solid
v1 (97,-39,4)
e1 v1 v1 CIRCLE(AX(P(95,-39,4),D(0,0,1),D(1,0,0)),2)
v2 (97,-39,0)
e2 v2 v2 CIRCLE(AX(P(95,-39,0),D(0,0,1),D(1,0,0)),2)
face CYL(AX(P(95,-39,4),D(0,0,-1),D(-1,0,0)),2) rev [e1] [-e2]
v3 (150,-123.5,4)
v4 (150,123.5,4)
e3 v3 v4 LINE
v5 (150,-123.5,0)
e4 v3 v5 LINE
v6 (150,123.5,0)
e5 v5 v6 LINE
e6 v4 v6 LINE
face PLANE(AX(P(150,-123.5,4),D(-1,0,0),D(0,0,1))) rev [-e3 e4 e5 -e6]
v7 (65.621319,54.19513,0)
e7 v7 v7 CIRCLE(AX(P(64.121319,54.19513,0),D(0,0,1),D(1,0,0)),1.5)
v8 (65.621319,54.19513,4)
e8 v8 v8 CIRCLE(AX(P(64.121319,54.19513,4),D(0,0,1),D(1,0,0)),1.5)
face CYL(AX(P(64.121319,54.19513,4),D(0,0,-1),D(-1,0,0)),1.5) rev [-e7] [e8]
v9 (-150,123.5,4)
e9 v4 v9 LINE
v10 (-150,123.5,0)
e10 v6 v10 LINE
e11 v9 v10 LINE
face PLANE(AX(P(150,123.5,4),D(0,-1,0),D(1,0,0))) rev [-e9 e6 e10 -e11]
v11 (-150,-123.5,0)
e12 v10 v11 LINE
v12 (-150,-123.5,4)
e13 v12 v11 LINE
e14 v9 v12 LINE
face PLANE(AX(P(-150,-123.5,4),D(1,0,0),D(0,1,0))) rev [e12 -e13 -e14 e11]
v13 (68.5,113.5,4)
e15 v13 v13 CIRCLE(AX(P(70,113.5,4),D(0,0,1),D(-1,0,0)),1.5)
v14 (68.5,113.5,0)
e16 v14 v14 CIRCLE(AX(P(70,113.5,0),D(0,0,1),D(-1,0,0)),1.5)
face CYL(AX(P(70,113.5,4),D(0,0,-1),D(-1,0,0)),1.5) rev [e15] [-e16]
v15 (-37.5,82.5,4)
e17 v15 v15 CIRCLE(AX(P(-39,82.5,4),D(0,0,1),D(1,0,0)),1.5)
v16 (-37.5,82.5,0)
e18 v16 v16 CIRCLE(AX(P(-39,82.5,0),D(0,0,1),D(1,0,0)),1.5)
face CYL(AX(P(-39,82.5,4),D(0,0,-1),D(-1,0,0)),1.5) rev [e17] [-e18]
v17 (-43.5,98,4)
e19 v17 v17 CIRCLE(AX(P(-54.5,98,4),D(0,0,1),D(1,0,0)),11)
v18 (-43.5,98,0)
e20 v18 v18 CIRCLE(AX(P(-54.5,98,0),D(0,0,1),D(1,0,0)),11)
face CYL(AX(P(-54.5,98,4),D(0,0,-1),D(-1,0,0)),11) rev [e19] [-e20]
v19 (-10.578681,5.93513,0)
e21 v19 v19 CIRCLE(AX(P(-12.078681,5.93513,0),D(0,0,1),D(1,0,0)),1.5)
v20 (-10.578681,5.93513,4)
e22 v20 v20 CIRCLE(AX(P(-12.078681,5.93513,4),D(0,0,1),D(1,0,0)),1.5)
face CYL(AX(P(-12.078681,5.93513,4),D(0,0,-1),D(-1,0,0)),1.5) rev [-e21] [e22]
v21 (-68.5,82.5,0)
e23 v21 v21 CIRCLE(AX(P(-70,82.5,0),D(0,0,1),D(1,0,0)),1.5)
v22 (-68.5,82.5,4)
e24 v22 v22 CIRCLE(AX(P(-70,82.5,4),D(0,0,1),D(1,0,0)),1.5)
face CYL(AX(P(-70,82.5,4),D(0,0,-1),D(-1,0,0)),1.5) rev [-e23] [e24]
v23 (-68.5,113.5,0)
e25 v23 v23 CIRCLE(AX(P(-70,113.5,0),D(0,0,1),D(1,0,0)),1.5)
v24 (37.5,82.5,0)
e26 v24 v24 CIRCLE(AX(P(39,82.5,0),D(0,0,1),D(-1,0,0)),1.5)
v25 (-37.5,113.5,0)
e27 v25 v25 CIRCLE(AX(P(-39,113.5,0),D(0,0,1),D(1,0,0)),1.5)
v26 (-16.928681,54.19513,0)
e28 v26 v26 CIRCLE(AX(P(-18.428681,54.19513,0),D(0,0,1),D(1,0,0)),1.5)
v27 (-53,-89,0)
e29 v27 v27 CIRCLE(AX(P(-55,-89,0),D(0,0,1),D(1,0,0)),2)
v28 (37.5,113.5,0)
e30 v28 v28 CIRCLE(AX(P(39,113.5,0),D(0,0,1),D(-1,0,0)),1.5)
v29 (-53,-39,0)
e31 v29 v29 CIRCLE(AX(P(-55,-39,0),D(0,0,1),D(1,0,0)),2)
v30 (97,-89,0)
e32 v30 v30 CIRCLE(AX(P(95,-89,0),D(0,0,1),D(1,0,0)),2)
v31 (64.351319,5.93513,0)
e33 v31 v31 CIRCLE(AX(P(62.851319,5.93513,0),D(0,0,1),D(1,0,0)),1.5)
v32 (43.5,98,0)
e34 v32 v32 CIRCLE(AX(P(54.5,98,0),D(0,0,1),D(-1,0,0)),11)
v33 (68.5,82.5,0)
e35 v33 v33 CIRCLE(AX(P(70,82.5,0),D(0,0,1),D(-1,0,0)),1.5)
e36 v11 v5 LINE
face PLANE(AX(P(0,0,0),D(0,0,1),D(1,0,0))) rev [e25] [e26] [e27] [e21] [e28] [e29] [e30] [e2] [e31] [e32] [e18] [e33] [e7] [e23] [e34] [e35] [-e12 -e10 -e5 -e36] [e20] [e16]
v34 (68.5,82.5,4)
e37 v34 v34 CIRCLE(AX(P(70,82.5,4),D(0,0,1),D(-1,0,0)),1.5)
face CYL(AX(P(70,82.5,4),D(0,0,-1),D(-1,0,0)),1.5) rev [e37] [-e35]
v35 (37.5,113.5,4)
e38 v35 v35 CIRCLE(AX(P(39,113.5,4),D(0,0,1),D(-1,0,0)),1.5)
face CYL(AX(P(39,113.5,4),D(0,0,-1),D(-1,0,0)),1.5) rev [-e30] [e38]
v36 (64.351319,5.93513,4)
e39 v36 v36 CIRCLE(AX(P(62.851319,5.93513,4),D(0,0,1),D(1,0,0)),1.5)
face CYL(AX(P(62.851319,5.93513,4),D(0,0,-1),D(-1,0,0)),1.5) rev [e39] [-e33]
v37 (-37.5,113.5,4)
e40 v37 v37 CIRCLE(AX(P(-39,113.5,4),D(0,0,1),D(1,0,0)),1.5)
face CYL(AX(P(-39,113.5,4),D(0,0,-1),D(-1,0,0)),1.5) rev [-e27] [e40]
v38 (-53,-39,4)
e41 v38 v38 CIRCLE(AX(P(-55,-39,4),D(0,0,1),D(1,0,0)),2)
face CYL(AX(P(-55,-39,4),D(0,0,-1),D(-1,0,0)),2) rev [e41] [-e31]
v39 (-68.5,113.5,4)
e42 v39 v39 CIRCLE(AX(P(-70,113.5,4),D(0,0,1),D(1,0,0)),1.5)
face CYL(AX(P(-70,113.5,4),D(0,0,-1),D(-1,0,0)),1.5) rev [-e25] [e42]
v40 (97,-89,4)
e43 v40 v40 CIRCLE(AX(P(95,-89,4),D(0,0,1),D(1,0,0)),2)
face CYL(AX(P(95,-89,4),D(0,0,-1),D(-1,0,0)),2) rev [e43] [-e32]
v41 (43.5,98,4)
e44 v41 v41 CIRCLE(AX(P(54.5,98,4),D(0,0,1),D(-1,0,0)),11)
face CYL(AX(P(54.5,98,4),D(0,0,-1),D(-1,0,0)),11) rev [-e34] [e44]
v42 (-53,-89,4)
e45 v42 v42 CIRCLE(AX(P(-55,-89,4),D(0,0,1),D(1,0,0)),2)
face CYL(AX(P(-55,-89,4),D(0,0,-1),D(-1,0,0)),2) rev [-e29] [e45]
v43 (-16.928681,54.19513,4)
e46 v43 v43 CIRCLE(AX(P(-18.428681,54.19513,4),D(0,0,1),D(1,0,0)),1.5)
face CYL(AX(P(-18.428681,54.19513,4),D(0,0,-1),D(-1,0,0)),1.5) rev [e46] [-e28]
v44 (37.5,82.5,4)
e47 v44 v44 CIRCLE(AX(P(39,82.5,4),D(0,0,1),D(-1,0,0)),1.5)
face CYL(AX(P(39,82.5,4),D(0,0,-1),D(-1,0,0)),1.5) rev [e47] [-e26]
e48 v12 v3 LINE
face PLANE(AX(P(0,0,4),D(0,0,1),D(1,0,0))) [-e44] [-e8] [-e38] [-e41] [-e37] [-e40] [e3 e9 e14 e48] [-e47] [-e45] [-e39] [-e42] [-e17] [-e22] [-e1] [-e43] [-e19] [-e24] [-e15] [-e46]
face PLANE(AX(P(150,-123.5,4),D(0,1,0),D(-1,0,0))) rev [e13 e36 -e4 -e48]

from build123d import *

# Parameters (mm, degrees)
SKETCH1_W           = 300
SKETCH1_H           = 247
SKETCH1_R           = 1.5
SKETCH1_R_2         = 11
SKETCH1_R_3         = 2
BOSS_EXTRUDE1_DEPTH = 4


with BuildPart() as part:
    # Sketch1 → Boss-Extrude1 (new body)
    with BuildSketch(Plane.XY):
        Rectangle(SKETCH1_W, SKETCH1_H)
        with Locations((-70, 113.5)):
            Circle(SKETCH1_R, mode=Mode.SUBTRACT)
        with Locations((-39, 113.5)):
            Circle(SKETCH1_R, mode=Mode.SUBTRACT)
        with Locations((70, 82.5)):
            Circle(SKETCH1_R, mode=Mode.SUBTRACT)
        with Locations((-54.5, 98)):
            Circle(SKETCH1_R_2, mode=Mode.SUBTRACT)
        with Locations((-39, 82.5)):
            Circle(SKETCH1_R, mode=Mode.SUBTRACT)
        with Locations((-70, 82.5)):
            Circle(SKETCH1_R, mode=Mode.SUBTRACT)
        with Locations((39, 82.5)):
            Circle(SKETCH1_R, mode=Mode.SUBTRACT)
        with Locations((54.5, 98)):
            Circle(SKETCH1_R_2, mode=Mode.SUBTRACT)
        with Locations((39, 113.5)):
            Circle(SKETCH1_R, mode=Mode.SUBTRACT)
        with Locations((70, 113.5)):
            Circle(SKETCH1_R, mode=Mode.SUBTRACT)
        with Locations((95, -39)):
            Circle(SKETCH1_R_3, mode=Mode.SUBTRACT)
        with Locations((95, -89)):
            Circle(SKETCH1_R_3, mode=Mode.SUBTRACT)
        with Locations((-55, -39)):
            Circle(SKETCH1_R_3, mode=Mode.SUBTRACT)
        with Locations((-55, -89)):
            Circle(SKETCH1_R_3, mode=Mode.SUBTRACT)
        with Locations((64.121318797, 54.195129713)):
            Circle(SKETCH1_R, mode=Mode.SUBTRACT)
        with Locations((-12.078681203, 5.935129713)):
            Circle(SKETCH1_R, mode=Mode.SUBTRACT)
        with Locations((62.851318797, 5.935129713)):
            Circle(SKETCH1_R, mode=Mode.SUBTRACT)
        with Locations((-18.428681203, 54.195129713)):
            Circle(SKETCH1_R, mode=Mode.SUBTRACT)
    extrude(amount=BOSS_EXTRUDE1_DEPTH)


solid = part.part
